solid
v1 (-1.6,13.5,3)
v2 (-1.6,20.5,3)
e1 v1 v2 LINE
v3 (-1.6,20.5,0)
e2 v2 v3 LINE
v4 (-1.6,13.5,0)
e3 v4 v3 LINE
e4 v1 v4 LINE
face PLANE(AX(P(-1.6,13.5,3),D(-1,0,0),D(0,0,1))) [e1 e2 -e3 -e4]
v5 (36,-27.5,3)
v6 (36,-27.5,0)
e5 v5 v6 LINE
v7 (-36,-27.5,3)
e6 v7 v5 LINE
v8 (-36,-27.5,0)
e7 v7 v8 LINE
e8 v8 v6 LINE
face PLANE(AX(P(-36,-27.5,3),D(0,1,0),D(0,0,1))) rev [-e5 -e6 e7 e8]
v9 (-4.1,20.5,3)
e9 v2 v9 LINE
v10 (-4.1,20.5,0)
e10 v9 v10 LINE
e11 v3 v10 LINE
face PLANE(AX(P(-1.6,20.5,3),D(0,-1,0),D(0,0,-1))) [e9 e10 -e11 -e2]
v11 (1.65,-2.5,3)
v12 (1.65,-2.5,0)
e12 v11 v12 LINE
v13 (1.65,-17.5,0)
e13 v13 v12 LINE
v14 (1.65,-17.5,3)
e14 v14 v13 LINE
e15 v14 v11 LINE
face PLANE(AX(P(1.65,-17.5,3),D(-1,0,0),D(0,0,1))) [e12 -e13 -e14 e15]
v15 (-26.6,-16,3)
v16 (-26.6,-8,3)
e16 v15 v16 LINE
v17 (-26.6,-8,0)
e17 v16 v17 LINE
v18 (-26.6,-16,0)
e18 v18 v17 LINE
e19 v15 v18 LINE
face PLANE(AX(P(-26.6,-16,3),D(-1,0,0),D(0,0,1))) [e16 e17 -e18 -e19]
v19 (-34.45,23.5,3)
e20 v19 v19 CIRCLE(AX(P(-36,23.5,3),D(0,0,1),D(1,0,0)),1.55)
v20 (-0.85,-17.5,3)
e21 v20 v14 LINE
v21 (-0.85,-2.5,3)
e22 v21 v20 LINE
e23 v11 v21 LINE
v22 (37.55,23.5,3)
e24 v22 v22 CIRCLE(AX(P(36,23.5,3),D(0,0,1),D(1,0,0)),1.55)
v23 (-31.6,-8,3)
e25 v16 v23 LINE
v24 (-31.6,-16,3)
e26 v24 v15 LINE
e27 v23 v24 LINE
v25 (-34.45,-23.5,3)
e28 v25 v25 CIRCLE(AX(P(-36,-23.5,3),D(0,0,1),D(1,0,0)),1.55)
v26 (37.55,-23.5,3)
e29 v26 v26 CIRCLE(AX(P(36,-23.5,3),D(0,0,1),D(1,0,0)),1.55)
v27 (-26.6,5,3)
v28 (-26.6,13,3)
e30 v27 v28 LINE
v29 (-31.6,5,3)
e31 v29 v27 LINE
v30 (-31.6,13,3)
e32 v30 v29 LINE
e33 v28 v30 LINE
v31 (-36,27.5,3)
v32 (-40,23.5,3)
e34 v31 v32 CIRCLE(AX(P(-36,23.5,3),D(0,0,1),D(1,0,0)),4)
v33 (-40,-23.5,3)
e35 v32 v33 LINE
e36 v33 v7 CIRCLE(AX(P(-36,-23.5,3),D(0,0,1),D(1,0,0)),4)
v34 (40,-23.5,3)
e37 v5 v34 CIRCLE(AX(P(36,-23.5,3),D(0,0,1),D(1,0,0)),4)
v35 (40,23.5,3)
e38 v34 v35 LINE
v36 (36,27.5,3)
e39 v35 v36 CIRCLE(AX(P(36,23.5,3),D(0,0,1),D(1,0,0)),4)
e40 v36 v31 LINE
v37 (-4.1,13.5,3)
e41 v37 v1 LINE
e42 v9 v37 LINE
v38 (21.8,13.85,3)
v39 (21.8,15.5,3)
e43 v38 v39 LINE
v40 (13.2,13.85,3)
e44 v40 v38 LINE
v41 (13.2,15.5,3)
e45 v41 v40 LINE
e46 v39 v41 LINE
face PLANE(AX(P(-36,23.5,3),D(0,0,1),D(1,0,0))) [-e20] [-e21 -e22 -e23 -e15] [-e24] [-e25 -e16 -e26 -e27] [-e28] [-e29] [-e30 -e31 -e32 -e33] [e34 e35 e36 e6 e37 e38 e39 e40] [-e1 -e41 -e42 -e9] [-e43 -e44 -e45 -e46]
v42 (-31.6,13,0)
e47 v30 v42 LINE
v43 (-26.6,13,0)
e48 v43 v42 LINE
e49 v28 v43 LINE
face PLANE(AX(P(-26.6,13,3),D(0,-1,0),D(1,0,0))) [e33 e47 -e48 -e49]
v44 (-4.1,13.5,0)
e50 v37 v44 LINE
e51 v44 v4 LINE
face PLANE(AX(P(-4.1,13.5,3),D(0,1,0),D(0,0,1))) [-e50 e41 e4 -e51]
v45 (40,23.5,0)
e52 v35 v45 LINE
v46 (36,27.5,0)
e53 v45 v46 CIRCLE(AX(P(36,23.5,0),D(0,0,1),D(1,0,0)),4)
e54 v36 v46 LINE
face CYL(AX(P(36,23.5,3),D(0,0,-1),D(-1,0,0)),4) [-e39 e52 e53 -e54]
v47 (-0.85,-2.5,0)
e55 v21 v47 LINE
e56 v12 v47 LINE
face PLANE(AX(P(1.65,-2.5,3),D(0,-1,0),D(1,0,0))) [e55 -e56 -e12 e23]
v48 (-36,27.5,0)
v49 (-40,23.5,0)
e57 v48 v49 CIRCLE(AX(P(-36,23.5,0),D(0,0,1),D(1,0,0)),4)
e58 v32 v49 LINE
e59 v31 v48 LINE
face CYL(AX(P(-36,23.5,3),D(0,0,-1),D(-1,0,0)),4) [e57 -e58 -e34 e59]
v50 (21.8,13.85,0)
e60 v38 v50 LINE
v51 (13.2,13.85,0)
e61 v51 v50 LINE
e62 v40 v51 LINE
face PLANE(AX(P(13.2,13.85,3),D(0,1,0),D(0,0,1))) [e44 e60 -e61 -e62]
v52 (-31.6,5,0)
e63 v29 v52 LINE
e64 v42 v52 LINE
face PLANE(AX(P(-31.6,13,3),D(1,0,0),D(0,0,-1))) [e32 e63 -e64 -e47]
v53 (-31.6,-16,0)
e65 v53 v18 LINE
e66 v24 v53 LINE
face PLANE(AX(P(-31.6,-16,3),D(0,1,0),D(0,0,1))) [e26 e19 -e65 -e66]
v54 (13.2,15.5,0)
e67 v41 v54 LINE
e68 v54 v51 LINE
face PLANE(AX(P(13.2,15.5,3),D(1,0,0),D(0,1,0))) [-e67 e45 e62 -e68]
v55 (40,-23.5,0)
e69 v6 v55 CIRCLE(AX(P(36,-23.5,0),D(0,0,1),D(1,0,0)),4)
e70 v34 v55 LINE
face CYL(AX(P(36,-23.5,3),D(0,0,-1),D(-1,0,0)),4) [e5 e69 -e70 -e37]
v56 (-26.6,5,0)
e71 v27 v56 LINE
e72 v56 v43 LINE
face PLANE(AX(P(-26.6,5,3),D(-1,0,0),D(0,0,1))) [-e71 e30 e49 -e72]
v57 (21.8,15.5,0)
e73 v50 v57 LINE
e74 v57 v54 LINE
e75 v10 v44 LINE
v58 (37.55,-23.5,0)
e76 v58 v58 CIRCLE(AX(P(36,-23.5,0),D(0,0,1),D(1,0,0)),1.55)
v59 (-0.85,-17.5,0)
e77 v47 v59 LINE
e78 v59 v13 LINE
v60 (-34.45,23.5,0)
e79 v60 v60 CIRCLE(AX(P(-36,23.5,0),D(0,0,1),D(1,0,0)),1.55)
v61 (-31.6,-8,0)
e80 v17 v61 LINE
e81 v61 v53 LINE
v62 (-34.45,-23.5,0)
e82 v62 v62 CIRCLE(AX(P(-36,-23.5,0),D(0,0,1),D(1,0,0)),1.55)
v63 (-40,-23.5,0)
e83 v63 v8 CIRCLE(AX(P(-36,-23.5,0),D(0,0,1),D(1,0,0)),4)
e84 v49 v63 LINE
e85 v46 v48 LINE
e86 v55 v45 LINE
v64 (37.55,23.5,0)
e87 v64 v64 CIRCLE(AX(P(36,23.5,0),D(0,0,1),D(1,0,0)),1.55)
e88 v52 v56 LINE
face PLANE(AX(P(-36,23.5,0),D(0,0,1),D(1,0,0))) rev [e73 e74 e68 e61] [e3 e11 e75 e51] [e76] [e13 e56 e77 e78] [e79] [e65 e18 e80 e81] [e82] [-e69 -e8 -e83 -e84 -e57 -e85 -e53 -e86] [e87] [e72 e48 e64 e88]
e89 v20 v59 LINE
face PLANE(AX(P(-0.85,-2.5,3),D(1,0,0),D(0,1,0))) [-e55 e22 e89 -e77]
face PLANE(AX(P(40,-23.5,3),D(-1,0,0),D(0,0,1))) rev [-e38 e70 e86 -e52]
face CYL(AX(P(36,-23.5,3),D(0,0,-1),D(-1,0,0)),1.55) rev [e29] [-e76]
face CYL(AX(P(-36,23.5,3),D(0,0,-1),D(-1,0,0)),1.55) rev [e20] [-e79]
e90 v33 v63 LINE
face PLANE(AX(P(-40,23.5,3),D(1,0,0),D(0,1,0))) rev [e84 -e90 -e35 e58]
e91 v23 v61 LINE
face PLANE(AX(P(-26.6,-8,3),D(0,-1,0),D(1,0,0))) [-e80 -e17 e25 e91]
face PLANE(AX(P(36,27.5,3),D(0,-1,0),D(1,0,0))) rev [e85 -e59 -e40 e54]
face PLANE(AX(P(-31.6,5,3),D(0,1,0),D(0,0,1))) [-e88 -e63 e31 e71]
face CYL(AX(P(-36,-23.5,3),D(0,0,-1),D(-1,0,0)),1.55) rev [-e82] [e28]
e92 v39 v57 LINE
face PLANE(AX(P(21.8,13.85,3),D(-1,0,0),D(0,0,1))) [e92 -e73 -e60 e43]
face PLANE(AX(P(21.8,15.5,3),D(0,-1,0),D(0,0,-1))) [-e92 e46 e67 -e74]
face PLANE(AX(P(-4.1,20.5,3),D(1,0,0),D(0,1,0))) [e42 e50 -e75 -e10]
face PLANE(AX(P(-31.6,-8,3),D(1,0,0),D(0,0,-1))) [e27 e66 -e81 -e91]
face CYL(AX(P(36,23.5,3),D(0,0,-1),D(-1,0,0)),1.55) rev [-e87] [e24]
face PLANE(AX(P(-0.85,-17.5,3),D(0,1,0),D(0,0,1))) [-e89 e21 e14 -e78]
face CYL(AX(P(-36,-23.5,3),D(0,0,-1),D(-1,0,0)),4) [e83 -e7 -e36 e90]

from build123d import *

# Parameters (mm, degrees)
ESQUISSE1_R        = 1.55
ESQUISSE1_W        = 5
ESQUISSE1_H        = 8
ESQUISSE1_W_2      = 2.5
ESQUISSE1_H_2      = 15
ESQUISSE1_H_3      = 7
ESQUISSE1_W_3      = 8.6
ESQUISSE1_H_4      = 1.65
BOSS_EXTRU_1_DEPTH = 3


with BuildPart() as part:
    # Esquisse1 → Boss.-Extru.1 (new body)
    with BuildSketch(Plane.XY):
        with BuildLine():
            Line((36, 27.5), (-36, 27.5))
            ThreePointArc((-36, 27.5), (-38.828427125, 26.328427125), (-40, 23.5))
            Line((-40, 23.5), (-40, -23.5))
            ThreePointArc((-40, -23.5), (-38.828427125, -26.328427125), (-36, -27.5))
            Line((-36, -27.5), (36, -27.5))
            ThreePointArc((36, -27.5), (38.828427125, -26.328427125), (40, -23.5))
            Line((40, -23.5), (40, 23.5))
            ThreePointArc((40, 23.5), (38.828427125, 26.328427125), (36, 27.5))
        make_face()
        with Locations((-36, 23.5)):
            Circle(ESQUISSE1_R, mode=Mode.SUBTRACT)
        with Locations((-36, -23.5)):
            Circle(ESQUISSE1_R, mode=Mode.SUBTRACT)
        with Locations((36, -23.5)):
            Circle(ESQUISSE1_R, mode=Mode.SUBTRACT)
        with Locations((36, 23.5)):
            Circle(ESQUISSE1_R, mode=Mode.SUBTRACT)
        with Locations((-29.1, -12)):
            Rectangle(ESQUISSE1_W, ESQUISSE1_H, mode=Mode.SUBTRACT)
        with Locations((-29.1, 9)):
            Rectangle(ESQUISSE1_W, ESQUISSE1_H, mode=Mode.SUBTRACT)
        with Locations((0.4, -10)):
            Rectangle(ESQUISSE1_W_2, ESQUISSE1_H_2, mode=Mode.SUBTRACT)
        with Locations((-2.85, 17)):
            Rectangle(ESQUISSE1_W_2, ESQUISSE1_H_3, mode=Mode.SUBTRACT)
        with Locations((17.5, 14.675)):
            Rectangle(ESQUISSE1_W_3, ESQUISSE1_H_4, mode=Mode.SUBTRACT)
    extrude(amount=BOSS_EXTRU_1_DEPTH)


solid = part.part
